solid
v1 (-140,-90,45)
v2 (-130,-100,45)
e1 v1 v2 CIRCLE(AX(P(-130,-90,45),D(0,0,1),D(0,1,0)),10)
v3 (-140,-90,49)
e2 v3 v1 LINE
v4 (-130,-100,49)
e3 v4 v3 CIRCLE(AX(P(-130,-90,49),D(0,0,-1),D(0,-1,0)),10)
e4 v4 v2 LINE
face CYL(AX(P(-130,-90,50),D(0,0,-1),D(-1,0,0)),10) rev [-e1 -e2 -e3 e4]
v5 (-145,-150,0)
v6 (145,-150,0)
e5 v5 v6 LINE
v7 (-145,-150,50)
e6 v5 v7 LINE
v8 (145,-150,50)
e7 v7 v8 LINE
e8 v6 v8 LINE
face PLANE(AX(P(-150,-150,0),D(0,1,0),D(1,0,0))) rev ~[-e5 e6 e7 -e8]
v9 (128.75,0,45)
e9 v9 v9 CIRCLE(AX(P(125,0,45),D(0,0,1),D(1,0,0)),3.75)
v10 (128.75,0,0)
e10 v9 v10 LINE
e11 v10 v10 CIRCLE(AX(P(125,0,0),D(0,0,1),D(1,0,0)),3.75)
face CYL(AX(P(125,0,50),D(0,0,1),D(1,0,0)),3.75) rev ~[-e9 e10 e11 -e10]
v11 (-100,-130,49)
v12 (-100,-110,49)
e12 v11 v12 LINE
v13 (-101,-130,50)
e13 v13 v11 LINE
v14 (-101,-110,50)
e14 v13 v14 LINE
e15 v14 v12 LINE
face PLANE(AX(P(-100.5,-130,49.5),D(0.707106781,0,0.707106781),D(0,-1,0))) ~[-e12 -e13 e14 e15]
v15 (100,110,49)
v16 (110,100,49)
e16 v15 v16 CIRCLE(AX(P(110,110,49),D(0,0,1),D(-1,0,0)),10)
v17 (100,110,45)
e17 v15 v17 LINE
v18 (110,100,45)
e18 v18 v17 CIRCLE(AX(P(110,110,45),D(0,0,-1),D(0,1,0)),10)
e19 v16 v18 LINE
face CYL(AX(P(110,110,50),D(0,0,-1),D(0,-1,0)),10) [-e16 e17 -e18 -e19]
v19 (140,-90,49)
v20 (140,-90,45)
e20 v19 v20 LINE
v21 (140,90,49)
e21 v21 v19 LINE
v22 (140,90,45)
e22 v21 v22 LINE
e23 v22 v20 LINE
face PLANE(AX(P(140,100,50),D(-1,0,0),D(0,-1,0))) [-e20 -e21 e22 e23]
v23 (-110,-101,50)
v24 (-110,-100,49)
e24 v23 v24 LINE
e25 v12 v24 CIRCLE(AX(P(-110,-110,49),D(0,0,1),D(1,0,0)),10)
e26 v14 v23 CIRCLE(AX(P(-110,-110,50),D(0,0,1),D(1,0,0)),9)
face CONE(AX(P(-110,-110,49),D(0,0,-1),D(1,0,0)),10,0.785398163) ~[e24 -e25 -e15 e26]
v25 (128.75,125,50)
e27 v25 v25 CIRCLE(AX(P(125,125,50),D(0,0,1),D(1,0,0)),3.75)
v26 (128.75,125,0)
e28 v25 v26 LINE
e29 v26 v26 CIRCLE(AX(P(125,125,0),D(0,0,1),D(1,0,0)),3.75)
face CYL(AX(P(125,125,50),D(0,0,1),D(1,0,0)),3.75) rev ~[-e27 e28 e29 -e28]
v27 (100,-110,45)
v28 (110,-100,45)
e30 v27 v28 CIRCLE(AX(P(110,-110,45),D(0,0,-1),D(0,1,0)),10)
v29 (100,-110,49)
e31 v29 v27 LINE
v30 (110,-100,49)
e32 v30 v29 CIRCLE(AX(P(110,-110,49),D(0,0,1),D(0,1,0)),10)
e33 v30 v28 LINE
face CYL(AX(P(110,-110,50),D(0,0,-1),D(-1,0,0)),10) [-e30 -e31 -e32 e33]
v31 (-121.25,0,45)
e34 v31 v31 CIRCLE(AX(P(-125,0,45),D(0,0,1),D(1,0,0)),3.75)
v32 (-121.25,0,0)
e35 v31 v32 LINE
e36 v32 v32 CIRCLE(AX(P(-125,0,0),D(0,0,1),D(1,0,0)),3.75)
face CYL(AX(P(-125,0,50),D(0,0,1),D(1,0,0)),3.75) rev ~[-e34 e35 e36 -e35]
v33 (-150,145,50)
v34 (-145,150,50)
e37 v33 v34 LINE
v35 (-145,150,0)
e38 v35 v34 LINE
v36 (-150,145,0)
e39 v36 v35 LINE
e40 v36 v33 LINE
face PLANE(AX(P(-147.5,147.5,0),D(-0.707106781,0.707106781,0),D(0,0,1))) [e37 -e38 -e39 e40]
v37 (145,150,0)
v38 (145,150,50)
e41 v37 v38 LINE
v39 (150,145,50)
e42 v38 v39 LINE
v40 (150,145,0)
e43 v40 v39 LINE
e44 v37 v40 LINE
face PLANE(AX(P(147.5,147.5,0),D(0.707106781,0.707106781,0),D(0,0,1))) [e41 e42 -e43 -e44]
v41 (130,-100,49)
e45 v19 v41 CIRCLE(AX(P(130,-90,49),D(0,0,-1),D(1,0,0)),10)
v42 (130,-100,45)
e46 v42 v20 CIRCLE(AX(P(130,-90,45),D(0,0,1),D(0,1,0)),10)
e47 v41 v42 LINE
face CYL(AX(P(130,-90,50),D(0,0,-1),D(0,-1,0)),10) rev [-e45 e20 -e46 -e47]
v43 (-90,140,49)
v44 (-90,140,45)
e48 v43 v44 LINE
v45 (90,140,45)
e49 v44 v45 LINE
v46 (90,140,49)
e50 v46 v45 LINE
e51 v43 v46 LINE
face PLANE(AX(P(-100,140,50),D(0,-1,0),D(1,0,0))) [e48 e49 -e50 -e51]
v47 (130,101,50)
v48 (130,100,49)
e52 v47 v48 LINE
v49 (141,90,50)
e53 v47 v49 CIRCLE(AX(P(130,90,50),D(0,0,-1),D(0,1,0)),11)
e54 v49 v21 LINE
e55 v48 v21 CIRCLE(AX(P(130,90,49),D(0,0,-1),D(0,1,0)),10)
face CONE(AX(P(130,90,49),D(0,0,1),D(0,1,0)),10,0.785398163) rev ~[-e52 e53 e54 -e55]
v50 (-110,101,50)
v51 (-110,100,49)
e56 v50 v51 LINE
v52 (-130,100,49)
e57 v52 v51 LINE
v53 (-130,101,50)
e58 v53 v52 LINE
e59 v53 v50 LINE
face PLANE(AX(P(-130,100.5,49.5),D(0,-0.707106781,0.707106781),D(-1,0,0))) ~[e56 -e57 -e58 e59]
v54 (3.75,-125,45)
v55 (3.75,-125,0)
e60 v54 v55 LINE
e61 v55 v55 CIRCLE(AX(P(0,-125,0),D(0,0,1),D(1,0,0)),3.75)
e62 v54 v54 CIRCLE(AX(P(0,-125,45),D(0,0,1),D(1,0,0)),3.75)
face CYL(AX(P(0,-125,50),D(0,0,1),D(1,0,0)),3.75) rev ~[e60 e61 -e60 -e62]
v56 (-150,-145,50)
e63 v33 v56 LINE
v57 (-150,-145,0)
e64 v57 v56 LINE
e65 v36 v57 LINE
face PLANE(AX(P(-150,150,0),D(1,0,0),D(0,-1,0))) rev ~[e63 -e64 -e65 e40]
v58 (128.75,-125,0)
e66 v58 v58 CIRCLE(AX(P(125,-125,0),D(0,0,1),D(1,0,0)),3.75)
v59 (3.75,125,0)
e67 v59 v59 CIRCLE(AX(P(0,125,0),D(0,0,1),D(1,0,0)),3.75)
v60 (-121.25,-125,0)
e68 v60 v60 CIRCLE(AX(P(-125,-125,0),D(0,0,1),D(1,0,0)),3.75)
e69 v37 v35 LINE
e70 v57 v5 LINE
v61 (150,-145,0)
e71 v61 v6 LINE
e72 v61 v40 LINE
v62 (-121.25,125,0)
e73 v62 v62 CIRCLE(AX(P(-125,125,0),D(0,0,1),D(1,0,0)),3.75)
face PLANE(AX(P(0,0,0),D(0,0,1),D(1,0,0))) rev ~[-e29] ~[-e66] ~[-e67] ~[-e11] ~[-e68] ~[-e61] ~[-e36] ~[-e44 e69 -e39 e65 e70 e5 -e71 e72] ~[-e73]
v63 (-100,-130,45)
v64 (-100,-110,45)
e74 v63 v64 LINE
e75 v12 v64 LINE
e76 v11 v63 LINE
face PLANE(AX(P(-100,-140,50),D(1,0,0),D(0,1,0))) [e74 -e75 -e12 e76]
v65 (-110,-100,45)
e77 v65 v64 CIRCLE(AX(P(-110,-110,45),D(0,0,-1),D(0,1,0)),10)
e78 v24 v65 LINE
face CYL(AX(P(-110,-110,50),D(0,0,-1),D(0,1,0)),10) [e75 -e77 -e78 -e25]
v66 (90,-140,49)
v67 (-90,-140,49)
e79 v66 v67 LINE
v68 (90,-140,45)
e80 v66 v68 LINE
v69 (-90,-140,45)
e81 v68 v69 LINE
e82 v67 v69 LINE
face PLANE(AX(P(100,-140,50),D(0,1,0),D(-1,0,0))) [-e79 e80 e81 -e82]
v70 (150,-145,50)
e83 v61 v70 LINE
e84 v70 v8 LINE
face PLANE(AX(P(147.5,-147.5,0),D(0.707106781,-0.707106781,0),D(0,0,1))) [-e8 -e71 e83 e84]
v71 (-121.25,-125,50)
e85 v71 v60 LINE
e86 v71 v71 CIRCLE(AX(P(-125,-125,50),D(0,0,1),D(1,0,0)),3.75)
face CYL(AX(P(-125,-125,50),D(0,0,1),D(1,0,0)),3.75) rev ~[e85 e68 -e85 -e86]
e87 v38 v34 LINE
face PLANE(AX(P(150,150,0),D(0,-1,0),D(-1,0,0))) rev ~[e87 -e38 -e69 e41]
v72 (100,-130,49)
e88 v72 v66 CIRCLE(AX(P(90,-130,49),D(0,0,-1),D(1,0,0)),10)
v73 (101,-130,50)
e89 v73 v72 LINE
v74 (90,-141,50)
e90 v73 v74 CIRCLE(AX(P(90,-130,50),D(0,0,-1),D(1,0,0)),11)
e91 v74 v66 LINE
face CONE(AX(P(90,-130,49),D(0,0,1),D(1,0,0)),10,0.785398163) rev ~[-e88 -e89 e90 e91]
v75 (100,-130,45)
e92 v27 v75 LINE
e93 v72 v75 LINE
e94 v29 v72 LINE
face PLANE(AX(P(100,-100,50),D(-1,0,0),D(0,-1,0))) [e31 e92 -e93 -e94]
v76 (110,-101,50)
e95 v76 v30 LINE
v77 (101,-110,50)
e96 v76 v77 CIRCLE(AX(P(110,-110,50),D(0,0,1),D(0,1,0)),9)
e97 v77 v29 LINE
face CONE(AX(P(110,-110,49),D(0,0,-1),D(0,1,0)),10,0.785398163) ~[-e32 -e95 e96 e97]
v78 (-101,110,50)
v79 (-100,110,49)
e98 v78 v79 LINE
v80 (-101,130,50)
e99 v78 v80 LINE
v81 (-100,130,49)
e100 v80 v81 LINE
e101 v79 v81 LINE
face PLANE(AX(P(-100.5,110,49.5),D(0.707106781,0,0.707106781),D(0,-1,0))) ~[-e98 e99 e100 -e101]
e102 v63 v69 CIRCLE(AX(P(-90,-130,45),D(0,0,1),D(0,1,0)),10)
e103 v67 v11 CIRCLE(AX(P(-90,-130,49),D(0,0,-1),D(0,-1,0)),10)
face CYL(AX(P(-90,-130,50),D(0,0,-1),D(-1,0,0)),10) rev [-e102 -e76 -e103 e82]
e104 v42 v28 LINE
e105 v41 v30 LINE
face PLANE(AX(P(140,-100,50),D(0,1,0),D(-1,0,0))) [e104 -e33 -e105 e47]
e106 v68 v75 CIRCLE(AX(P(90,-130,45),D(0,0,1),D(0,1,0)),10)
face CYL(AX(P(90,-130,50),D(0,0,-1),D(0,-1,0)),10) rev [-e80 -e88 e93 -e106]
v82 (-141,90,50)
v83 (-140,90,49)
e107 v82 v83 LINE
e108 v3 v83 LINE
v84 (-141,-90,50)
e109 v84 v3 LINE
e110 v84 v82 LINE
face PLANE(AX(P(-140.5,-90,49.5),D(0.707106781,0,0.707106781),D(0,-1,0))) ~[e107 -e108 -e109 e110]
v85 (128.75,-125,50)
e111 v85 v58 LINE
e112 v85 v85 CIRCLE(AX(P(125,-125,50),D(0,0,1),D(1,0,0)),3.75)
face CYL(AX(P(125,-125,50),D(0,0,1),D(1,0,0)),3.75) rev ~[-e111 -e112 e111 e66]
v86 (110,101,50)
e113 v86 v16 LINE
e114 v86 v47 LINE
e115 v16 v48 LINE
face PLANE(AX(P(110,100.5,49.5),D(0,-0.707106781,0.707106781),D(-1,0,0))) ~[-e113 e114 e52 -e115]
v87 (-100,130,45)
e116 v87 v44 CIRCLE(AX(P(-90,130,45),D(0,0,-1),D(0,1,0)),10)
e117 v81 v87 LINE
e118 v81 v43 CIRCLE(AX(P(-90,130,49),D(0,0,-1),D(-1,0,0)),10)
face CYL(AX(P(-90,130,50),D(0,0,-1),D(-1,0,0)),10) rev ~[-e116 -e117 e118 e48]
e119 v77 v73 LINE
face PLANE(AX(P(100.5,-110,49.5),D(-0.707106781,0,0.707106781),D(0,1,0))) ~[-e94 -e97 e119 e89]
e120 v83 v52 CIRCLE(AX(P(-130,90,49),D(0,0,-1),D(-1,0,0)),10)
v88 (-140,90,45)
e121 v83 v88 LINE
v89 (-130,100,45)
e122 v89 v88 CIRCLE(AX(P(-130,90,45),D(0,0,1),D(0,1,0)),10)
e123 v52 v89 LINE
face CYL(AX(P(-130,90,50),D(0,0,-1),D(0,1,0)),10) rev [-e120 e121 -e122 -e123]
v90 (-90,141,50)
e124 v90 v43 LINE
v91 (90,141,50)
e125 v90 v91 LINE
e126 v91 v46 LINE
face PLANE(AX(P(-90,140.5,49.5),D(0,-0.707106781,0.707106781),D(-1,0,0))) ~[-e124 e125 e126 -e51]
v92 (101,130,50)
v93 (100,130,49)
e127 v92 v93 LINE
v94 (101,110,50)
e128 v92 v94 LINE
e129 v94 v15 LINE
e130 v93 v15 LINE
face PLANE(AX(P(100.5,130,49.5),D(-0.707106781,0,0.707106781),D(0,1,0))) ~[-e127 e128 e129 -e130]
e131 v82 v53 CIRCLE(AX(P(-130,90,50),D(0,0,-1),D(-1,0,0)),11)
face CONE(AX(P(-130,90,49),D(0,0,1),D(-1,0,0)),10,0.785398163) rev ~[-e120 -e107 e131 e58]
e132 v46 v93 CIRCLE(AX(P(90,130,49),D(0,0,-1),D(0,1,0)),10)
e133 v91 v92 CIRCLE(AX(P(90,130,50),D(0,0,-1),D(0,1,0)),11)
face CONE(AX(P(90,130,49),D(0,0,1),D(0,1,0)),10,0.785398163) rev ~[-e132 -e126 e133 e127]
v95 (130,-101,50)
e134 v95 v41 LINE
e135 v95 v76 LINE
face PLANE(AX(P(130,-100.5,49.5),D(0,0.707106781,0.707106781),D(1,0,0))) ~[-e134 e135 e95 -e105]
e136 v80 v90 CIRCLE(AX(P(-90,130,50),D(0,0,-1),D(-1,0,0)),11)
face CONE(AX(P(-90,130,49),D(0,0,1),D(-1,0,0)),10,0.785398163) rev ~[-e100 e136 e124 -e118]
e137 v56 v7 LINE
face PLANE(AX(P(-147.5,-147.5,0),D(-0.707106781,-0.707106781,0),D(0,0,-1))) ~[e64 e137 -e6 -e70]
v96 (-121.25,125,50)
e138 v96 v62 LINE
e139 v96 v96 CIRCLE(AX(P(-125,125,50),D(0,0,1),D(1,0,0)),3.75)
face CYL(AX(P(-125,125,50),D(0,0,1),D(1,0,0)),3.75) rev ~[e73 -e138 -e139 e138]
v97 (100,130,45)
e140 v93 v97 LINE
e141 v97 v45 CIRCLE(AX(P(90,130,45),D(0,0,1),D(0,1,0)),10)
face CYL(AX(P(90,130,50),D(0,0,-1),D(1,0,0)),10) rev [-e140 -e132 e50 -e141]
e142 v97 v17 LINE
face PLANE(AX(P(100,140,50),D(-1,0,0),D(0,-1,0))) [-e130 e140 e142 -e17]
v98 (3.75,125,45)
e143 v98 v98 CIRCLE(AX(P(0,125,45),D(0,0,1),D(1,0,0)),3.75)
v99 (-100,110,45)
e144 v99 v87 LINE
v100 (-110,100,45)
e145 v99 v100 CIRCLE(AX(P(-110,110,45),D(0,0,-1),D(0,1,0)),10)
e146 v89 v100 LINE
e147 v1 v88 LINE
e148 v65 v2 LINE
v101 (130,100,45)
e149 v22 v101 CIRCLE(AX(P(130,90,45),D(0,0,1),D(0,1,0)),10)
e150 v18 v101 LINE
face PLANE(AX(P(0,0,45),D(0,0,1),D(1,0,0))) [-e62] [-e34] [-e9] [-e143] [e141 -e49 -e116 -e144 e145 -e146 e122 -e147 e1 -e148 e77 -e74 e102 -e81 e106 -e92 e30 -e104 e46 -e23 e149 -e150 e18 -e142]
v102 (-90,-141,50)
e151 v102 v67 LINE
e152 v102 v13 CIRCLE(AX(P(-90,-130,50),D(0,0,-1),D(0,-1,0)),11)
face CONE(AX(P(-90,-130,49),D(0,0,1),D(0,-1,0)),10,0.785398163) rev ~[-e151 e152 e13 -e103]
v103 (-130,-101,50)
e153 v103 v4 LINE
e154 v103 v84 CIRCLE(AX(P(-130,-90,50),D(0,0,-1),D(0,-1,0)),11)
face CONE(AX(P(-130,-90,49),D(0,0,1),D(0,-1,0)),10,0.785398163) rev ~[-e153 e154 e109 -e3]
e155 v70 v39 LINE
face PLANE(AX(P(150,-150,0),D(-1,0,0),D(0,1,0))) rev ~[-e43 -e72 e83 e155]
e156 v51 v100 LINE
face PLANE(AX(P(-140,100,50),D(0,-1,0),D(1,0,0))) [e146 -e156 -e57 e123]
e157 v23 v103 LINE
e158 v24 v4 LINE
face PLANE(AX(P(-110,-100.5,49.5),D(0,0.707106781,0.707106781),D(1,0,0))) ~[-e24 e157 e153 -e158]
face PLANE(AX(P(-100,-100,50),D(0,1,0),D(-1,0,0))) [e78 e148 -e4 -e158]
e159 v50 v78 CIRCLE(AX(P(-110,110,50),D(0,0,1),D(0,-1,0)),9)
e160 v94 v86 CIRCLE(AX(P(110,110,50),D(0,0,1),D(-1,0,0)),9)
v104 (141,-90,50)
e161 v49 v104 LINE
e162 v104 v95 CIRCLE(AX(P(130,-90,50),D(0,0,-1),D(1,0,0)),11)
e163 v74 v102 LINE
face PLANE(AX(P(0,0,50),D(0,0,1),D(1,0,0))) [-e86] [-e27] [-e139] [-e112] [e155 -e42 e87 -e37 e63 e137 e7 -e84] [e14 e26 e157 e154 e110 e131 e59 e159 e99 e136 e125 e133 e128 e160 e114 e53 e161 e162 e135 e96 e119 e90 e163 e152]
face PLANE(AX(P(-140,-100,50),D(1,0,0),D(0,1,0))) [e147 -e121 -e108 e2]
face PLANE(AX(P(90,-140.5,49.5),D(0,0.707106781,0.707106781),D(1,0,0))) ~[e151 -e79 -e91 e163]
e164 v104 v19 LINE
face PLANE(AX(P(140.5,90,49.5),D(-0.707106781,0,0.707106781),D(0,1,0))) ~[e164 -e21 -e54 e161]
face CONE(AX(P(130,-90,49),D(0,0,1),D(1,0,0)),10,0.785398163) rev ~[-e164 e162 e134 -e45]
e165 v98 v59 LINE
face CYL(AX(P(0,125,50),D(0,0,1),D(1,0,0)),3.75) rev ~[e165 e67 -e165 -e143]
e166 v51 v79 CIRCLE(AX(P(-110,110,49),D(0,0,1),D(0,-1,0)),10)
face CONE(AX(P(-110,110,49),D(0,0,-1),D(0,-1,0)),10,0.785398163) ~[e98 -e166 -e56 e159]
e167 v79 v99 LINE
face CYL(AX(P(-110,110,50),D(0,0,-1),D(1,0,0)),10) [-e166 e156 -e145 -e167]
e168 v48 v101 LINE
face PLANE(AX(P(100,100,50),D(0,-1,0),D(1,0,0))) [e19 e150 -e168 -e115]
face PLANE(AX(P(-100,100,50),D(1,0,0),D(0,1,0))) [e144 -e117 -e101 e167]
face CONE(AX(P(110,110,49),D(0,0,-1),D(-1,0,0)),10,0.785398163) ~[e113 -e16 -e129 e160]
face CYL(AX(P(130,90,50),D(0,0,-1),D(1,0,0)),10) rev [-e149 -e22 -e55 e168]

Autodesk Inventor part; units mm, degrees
ref_plane "YZ Plane" through (0, 0, 0) normal (1, 0, 0) x (0, 1, 0)
ref_plane "XZ Plane" through (0, 0, 0) normal (0, 1, 0) x (-1, 0, 0)
ref_plane "XY Plane" through (0, 0, 0) normal (0, 0, 1) x (1, 0, 0)
sketch "Sketch1" plane through (0, 0, 0) normal (0, 0, 1) x (1, 0, 0)
  line L0 (-150, -150) -> (150, -150)
  line L1 (150, -150) -> (150, 150)
  line L2 (150, 150) -> (-150, 150)
  line L3 (-150, 150) -> (-150, -150)
  line L4 (-150, -150) -> (150, 150) construction
  line L5 (150, -150) -> (-150, 150) construction
  point P0 (0, 0)
  dimension "d0" = 300
  dimension "d1" = 300
extrude "Extrusion1" add sketch "Sketch1" along normal blind 50
chamfer "Chamfer1" distance 5 angle 45 4 edges at (150, -150, 25) (150, 150, 25) (-150, 150, 25) (-150, -150, 25)
sketch "Sketch2" plane through (0, 0, 50) normal (0, 0, 1) x (1, 0, 0)
  line L0 (125, 194.8236) -> (125, -186.7434) construction
  line L1 (150, -145) -> (150, 145) construction
  line L2 (185.8456, 125) -> (-170.134, 125) construction
  line L3 (145, 150) -> (-145, 150) construction
  circle A0 centre (125, 125) radius 3.75
  circle A1 centre (125, 0) radius 3.75
  line L4 (-241.3299, 0) -> (257.0415, 0) construction
  line L5 (0, -263.0568) -> (0, 271.137) construction
  circle A2 centre (0, 125) radius 3.75
  circle A3 centre (125, -125) radius 3.75
  circle A4 centre (0, -125) radius 3.75
  line L6 (-150, -145) -> (-150, 145) construction
  circle A5 centre (-125, 125) radius 3.75
  circle A6 centre (-125, 0) radius 3.75
  circle A7 centre (-125, -125) radius 3.75
  point P0 (0, 0)
  point P1 (145, -150)
  point P2 (-125, 194.8236)
  point P3 (-185.8456, 125)
  point P4 (-145, -150)
  dimension "d7" = 25
  dimension "d8" = 125
  dimension "d9" = 25
  dimension "d10" = 7.5
  dimension "d11" = 7.5
  dimension "d12" = 7.5
extrude "Extrusion2" cut sketch "Sketch2" against normal through all
sketch "Sketch3" plane through (0, 0, 50) normal (0, 0, 1) x (1, 0, 0)
  line L0 (-100, 140) -> (100, 140)
  line L1 (100, 140) -> (100, -140)
  line L2 (100, -140) -> (-100, -140)
  line L3 (-100, -140) -> (-100, 140)
  line L4 (-100, 140) -> (100, -140) construction
  line L5 (100, 140) -> (-100, -140) construction
  line L6 (-140, 100) -> (140, 100)
  line L7 (140, 100) -> (140, -100)
  line L8 (140, -100) -> (-140, -100)
  line L9 (-140, -100) -> (-140, 100)
  line L10 (-140, 100) -> (140, -100) construction
  line L11 (140, 100) -> (-140, -100) construction
  line L12 (150, -145) -> (150, 145) projected
  line L13 (145, 150) -> (-145, 150) projected
  line L14 (-145, -150) -> (145, -150) projected
  point P0 (0, 0)
  point P1 (100, 100)
  point P2 (-100, 100)
  point P3 (-100, -100)
  point P4 (100, -100)
  dimension "d15" = 10
  dimension "d16" = 10
  dimension "d17" = 50
  dimension "d18" = 50
extrude "Extrusion3" cut sketch "Sketch3" against normal blind 5
fillet "Fillet1" radius 10 12 edges at (-100, 100, 47.5) (-100, -100, 47.5) (100, -100, 47.5) (100, 100, 47.5) (140, 100, 47.5) (140, -100, 47.5) (100, -140, 47.5) (-100, -140, 47.5) (-140, -100, 47.5) (-140, 100, 47.5) (-100, 140, 47.5) (100, 140, 47.5)
chamfer "Chamfer2" distance 1 angle 45 24 edges at (100, 120, 50) (102.9289, 102.9289, 50) (120, 100, 50) (137.0711, 97.0711, 50) (140, 0, 50) (137.0711, -97.0711, 50) (120, -100, 50) (102.9289, -102.9289, 50) (100, -120, 50) (97.0711, -137.0711, 50) (0, -140, 50) (-97.0711, -137.0711, 50) (-100, -120, 50) (-102.9289, -102.9289, 50) (-120, -100, 50) (-137.0711, -97.0711, 50) (-140, 0, 50) (-137.0711, 97.0711, 50) (-120, 100, 50) (-102.9289, 102.9289, 50) (-100, 120, 50) (-97.0711, 137.0711, 50) (0, 140, 50) (97.0711, 137.0711, 50)
equation "\"d1\" = d0"
equation "\"d9\" = d7"
equation "\"d11\" = d10"
equation "\"d12\" = d10"
equation "\"d18\" = d17"
properties part number "MDF_Block"
